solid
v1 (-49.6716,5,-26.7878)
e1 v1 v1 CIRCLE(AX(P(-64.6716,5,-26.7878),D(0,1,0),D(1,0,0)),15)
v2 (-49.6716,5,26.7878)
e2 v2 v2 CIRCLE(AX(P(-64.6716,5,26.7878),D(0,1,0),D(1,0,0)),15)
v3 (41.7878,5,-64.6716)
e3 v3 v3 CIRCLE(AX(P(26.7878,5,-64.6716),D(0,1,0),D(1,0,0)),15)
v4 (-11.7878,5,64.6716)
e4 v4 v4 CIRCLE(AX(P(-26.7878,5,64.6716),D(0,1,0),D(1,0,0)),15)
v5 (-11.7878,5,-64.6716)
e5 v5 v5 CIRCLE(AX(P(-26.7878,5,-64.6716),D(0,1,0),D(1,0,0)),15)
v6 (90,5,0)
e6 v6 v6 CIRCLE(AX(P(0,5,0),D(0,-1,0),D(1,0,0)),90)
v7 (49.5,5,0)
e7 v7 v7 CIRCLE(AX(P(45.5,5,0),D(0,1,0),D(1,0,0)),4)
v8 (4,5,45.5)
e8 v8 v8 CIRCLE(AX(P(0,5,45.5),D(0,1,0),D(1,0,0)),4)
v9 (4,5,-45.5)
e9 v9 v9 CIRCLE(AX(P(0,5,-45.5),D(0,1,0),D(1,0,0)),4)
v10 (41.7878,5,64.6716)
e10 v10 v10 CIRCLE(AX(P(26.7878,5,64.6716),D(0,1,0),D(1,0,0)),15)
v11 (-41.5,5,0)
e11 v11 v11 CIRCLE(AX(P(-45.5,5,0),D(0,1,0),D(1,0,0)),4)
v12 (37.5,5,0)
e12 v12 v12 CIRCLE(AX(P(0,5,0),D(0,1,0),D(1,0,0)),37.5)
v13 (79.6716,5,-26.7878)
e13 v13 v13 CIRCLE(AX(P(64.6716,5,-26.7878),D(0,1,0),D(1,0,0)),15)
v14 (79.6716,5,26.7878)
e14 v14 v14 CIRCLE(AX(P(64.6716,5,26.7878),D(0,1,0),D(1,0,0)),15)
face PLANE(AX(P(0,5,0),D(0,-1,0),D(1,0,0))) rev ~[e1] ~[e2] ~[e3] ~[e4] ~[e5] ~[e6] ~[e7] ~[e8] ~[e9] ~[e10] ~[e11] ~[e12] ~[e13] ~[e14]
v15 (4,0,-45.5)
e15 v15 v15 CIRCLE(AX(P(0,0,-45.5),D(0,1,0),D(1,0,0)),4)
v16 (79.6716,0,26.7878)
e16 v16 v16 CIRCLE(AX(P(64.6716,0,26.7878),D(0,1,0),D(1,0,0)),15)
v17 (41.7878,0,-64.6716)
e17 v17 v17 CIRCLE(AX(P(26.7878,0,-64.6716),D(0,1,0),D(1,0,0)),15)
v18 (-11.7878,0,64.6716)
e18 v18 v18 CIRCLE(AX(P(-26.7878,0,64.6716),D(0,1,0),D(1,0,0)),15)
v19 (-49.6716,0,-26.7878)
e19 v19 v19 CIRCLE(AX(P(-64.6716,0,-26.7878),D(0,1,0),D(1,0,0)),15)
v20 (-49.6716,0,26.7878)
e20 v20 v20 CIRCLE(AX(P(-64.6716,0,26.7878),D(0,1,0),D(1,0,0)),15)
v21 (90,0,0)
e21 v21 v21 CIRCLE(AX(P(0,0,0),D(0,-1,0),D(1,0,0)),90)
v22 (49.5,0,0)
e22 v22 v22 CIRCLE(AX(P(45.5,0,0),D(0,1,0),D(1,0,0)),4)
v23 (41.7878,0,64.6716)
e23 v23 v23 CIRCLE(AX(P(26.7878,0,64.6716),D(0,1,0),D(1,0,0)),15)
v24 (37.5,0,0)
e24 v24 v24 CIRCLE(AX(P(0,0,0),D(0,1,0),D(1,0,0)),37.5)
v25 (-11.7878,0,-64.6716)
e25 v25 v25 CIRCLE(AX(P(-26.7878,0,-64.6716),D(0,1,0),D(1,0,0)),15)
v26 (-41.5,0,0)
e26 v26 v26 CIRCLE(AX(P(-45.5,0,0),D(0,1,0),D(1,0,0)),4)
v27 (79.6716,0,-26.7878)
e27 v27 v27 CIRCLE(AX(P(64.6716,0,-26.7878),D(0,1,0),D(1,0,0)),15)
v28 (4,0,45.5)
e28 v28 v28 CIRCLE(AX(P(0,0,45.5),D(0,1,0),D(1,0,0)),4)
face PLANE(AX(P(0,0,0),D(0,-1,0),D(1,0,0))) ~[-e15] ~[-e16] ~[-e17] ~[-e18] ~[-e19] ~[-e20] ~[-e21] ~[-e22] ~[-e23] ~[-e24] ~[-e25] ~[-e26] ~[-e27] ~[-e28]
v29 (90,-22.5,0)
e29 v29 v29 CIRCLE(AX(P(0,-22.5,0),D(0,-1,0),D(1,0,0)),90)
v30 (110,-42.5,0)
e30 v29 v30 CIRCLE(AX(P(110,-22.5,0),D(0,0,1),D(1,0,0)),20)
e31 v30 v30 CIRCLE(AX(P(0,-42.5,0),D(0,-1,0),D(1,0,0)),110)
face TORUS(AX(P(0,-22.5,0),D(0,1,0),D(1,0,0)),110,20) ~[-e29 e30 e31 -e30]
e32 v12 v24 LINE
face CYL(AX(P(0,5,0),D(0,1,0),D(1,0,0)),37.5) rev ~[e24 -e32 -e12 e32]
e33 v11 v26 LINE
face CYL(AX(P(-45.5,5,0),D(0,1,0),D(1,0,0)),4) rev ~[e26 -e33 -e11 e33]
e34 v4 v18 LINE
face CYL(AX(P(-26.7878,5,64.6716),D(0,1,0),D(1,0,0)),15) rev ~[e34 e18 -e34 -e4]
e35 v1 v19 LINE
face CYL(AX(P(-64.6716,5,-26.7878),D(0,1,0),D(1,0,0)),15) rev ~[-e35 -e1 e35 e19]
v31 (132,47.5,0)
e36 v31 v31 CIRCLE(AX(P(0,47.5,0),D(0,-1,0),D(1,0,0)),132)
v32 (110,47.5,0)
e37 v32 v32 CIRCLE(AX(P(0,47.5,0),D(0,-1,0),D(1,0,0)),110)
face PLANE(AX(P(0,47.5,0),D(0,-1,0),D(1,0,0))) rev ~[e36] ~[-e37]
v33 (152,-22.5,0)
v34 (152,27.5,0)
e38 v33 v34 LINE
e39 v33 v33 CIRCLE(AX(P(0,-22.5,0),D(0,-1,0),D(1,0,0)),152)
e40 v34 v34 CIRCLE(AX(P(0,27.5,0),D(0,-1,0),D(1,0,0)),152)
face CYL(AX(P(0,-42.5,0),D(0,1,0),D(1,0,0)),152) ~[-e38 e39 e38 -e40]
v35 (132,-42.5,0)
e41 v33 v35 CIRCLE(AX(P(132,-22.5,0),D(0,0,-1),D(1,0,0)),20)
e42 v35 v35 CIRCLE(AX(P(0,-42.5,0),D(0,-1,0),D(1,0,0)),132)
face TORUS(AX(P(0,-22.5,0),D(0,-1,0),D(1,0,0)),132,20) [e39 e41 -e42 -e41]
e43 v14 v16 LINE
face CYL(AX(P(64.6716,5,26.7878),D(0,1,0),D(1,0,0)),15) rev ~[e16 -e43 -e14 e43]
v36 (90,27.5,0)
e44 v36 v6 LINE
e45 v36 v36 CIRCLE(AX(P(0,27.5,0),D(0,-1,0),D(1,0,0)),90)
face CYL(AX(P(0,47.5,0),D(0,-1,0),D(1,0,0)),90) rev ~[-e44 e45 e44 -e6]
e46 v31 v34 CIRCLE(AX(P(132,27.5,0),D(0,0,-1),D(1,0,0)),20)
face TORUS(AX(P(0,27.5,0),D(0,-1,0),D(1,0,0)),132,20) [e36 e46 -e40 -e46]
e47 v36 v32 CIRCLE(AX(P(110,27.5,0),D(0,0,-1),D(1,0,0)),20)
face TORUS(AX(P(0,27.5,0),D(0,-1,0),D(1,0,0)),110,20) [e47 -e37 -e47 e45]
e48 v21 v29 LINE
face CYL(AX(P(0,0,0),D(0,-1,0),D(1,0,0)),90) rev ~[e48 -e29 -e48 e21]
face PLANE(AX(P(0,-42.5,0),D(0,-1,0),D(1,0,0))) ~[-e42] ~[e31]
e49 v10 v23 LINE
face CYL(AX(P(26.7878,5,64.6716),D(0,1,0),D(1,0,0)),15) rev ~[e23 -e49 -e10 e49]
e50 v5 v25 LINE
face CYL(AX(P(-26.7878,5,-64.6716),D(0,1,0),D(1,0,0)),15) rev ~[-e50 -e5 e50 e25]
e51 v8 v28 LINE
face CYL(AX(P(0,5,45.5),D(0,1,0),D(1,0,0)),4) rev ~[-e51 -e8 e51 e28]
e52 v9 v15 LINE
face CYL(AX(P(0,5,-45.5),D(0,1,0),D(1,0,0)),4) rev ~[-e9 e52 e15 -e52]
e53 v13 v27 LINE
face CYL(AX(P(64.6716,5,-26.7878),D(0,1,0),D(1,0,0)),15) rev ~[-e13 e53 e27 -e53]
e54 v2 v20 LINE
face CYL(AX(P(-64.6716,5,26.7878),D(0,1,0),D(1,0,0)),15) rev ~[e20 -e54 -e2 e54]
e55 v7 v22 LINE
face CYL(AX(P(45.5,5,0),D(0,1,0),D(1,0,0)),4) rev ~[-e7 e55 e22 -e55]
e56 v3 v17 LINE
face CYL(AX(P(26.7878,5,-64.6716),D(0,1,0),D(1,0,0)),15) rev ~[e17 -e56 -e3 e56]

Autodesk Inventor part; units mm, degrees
ref_plane "YZ Plane" through (0, 0, 0) normal (1, 0, 0) x (0, 1, 0)
ref_plane "XZ Plane" through (0, 0, 0) normal (0, 1, 0) x (-1, 0, 0)
ref_plane "XY Plane" through (0, 0, 0) normal (0, 0, 1) x (1, 0, 0)
sketch "スケッチ1" plane through (0, 0, 0) normal (0, 0, 1) x (1, 0, 0)
  line L0 (0, 0) -> (90, 0)
  line L1 (90, 0) -> (90, -42.5)
  line L2 (90, -42.5) -> (152, -42.5)
  line L3 (152, -42.5) -> (152, 47.5)
  line L4 (152, 47.5) -> (90, 47.5)
  line L5 (90, 47.5) -> (90, 5)
  line L6 (90, 5) -> (0, 5)
  line L7 (0, 5) -> (0, 0)
  line L8 (0, 2.5) -> (152, 2.5) construction
  dimension "d0" = 5
  dimension "d1" = 152
  dimension "d2" = 90
  dimension "d3" = 90
revolve "回転1" add sketch "スケッチ1" angle 360 about axis through (0, 5, 0) along (0, -1, 0)
sketch "スケッチ2" plane through (0, 5, 0) normal (0, 1, 0) x (1, 0, 0)
  circle A0 centre (0, 0) radius 37.5
  circle A1 centre (0, 45.5) radius 4
  line L0 (0, 0) -> (0, 45.5) construction
  circle A2 centre (-45.5, 0) radius 4
  circle A3 centre (0, -45.5) radius 4
  circle A4 centre (45.5, 0) radius 4
  line L1 (0, 0) -> (26.7878, 64.6716) construction
  circle A5 centre (26.7878, 64.6716) radius 15
  circle A6 centre (0, 0) radius 70 construction
  circle A7 centre (-26.7878, 64.6716) radius 15
  circle A8 centre (-64.6716, 26.7878) radius 15
  circle A9 centre (-64.6716, -26.7878) radius 15
  circle A10 centre (-26.7878, -64.6716) radius 15
  circle A11 centre (26.7878, -64.6716) radius 15
  circle A12 centre (64.6716, -26.7878) radius 15
  circle A13 centre (64.6716, 26.7878) radius 15
  dimension "d18" = 140
  dimension "d6" = 45.5
  dimension "d7" = 8
  dimension "d8" = 75
  dimension "d11" = 360
  dimension "d16" = 22.5
  dimension "d17" = 30
  dimension "d21" = 360
extrude "押し出し1" cut sketch "スケッチ2" against normal up to next
fillet "フィレット1" radius 20 4 edges at (-152, 47.5, 0) (-152, -42.5, 0) (-90, 47.5, 0) (-90, -42.5, 0)
properties part number "車輪"
